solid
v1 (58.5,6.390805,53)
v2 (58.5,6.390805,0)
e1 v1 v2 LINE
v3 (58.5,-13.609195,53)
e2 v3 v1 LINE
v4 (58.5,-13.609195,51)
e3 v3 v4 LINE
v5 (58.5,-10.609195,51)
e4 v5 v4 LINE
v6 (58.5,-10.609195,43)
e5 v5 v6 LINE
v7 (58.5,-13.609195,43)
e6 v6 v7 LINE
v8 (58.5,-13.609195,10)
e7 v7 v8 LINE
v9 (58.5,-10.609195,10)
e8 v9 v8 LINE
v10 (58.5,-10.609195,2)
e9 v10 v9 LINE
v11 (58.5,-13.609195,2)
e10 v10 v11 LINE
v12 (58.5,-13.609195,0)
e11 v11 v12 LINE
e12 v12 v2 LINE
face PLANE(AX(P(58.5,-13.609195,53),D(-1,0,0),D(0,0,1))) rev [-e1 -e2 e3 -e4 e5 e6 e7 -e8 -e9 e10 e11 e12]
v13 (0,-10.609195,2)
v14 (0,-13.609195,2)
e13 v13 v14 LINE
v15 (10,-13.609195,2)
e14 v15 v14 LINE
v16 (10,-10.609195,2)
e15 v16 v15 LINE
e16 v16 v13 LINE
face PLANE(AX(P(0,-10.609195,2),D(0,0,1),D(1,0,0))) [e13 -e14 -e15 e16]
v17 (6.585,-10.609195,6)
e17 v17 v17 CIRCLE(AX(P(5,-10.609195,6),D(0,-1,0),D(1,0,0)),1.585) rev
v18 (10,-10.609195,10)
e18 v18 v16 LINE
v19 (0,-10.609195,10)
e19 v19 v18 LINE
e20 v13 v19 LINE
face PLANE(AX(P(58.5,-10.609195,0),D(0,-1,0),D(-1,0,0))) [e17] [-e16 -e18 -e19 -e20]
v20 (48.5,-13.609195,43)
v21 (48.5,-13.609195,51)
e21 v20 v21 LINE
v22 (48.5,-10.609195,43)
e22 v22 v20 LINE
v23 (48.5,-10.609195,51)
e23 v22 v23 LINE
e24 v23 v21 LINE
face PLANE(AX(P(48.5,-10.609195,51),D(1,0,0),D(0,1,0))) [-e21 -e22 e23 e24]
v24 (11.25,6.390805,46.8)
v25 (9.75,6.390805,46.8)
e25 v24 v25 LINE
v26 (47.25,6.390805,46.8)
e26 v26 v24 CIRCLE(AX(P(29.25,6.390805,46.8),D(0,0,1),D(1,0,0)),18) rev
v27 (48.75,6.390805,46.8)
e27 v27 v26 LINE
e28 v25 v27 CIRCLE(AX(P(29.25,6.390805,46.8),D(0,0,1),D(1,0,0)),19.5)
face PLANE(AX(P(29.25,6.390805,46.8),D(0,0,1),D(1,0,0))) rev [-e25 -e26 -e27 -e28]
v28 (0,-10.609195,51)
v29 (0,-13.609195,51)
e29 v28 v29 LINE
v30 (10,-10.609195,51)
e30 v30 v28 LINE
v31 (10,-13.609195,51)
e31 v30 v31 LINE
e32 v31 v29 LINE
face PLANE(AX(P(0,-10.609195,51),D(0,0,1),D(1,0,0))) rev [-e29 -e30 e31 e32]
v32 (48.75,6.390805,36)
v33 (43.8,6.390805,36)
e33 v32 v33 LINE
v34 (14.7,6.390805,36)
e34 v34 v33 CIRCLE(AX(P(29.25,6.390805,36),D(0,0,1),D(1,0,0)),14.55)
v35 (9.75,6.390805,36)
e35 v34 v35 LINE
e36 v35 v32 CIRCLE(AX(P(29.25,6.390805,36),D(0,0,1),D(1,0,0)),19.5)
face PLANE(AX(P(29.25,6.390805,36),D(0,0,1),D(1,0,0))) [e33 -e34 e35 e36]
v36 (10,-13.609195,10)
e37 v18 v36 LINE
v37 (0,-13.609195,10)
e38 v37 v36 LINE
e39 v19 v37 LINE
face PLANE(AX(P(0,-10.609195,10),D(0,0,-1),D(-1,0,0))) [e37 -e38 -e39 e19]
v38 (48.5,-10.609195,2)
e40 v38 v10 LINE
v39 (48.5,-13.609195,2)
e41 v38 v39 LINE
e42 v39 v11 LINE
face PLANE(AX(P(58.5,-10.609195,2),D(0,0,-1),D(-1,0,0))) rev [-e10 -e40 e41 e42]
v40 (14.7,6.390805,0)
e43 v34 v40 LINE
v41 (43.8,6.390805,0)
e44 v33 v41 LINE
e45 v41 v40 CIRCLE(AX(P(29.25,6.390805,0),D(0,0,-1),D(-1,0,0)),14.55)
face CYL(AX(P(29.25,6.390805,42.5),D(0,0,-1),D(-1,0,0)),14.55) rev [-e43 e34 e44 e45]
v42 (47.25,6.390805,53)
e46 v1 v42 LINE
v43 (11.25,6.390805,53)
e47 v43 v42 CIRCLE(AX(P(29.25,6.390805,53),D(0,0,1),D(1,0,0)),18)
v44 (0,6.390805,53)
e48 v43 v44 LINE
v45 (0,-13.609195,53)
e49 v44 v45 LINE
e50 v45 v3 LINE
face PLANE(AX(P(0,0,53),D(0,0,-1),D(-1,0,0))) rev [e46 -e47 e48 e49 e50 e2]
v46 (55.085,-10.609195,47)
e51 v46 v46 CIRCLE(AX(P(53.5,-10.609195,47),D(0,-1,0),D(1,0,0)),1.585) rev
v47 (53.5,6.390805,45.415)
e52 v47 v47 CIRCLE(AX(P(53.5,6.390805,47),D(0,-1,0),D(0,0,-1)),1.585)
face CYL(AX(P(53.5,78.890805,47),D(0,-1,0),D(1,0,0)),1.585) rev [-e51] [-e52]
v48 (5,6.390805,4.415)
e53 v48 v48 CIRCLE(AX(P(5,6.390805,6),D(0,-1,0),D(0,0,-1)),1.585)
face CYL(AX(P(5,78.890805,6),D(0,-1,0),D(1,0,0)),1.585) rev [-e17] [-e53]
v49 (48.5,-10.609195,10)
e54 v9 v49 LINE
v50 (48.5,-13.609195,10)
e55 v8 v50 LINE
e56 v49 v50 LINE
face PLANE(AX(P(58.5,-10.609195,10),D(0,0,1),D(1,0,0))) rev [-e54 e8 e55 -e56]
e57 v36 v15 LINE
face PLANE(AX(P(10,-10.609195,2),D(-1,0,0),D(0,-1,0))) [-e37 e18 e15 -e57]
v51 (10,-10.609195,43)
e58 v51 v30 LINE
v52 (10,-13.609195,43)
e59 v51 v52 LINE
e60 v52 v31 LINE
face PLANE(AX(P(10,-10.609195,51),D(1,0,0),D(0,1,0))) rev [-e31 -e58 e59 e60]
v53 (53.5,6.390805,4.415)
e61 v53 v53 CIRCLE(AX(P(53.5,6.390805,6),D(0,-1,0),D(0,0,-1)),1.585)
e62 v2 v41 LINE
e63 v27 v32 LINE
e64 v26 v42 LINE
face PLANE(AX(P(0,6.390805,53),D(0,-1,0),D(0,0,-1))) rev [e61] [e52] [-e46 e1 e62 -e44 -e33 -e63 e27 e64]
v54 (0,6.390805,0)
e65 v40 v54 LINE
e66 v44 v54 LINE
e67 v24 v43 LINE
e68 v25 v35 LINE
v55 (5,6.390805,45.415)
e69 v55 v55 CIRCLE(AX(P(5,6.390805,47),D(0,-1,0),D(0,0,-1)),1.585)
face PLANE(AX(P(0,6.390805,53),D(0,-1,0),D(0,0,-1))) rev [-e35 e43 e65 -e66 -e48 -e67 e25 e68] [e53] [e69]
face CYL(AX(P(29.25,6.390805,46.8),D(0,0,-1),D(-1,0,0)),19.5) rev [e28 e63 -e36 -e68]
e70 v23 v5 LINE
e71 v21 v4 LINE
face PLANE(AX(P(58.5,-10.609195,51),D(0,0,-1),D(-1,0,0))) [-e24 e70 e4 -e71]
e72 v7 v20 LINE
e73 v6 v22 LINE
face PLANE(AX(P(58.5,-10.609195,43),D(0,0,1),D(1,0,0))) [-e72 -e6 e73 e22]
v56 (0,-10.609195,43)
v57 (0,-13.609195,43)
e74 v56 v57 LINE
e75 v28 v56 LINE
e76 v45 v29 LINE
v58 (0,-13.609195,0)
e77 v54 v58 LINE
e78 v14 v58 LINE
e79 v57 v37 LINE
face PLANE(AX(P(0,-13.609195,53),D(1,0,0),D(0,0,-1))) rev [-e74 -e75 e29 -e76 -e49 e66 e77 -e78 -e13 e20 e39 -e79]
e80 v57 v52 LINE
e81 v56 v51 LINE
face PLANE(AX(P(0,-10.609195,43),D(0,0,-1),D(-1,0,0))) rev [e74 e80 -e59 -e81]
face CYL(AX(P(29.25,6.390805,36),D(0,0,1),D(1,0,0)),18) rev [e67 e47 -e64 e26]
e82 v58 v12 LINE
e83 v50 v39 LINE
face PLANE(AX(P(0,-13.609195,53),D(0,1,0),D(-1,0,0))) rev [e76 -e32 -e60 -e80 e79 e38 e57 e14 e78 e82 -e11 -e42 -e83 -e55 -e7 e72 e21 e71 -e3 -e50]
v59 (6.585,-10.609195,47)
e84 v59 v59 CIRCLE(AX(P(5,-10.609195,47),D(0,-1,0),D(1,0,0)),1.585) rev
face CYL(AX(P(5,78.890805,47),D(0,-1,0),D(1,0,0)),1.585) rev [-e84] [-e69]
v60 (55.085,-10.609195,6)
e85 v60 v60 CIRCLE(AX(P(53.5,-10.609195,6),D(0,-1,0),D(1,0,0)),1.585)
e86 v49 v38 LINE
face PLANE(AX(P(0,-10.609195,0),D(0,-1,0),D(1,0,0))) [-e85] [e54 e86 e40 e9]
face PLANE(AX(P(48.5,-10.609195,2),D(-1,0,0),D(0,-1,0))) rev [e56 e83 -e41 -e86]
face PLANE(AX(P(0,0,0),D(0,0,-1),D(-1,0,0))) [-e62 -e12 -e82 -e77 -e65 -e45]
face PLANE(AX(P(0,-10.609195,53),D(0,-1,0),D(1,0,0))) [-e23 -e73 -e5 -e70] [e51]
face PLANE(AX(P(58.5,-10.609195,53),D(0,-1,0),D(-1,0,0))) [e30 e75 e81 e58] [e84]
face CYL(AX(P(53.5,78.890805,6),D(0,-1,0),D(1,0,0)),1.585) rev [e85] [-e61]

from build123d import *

# Parameters (mm, degrees)
SKETCH1_W                                  = 58.5
SKETCH1_H                                  = 20
BOSS_EXTRUDE1_DEPTH                        = 53
CUT_EXTRUDE2_DEPTH                         = 17
CUT_EXTRUDE3_DEPTH                         = 42.5
SKETCH8_W                                  = 10
SKETCH8_H                                  = 8
CUT_EXTRUDE6_DEPTH                         = 3
SKETCH7_R                                  = 1.585
CUT_EXTRUDE5_DEPTH                         = 92.5
MIRROR1_AT_THE_SECOND_PLANE_COPY_1_SKETC_W = 10
MIRROR1_AT_THE_SECOND_PLANE_COPY_1_SKETC_H = 8
MIRROR1_AT_THE_SECOND_PLANE_COPY_1_DEPTH   = 3
CUT_EXTRUDE7_DEPTH                         = 10.8


with BuildPart() as part:
    # Sketch1 → Boss-Extrude1 (new body)
    with BuildSketch(Plane.XY):
        with Locations((29.25, -3.609195402)):
            Rectangle(SKETCH1_W, SKETCH1_H)
    extrude(amount=BOSS_EXTRUDE1_DEPTH)

    # Sketch3 → Cut-Extrude2 (cut)
    with BuildSketch(Plane.XY.offset(53)):
        with BuildLine():
            Line((11.25, 6.390804598), (47.25, 6.390804598))
            ThreePointArc((47.25, 6.390804598), (29.25, -11.609195402), (11.25, 6.390804598))
        make_face()
    extrude(amount=-CUT_EXTRUDE2_DEPTH, mode=Mode.SUBTRACT)

    # Sketch5 → Cut-Extrude3 (cut)
    with BuildSketch(Plane(origin=(0, 0, 0), x_dir=(-1, 0, 0), z_dir=(0, 0, -1))):
        with BuildLine():
            Line((-43.8, 6.390804598), (-14.7, 6.390804598))
            ThreePointArc((-14.7, 6.390804598), (-29.25, -8.159195402), (-43.8, 6.390804598))
        make_face()
    extrude(amount=-CUT_EXTRUDE3_DEPTH, mode=Mode.SUBTRACT)

    # Sketch8 → Cut-Extrude6 (cut)
    with BuildSketch(Plane(origin=(0, -13.609195402, 0), x_dir=(-1, 0, 0), z_dir=(0, -1, 0))):
        with Locations((-53.5, -6)):
            Rectangle(SKETCH8_W, SKETCH8_H)
    cut_extrude6 = extrude(amount=-CUT_EXTRUDE6_DEPTH, mode=Mode.SUBTRACT)

    # Sketch7 → Cut-Extrude5 (cut)
    with BuildSketch(Plane(origin=(0, -13.609195402, 0), x_dir=(-1, 0, 0), z_dir=(0, -1, 0))):
        with Locations(Location((-53.5, -47, 0), (0, 0, 180))):
            Circle(SKETCH7_R)
        with Locations(Location((-53.5, -6, 0), (0, 0, 180))):
            Circle(SKETCH7_R)
        with Locations(Location((-5, -6, 0), (0, 0, 180))):
            Circle(SKETCH7_R)
        with Locations(Location((-5, -47, 0), (0, 0, 180))):
            Circle(SKETCH7_R)
    extrude(amount=-CUT_EXTRUDE5_DEPTH, mode=Mode.SUBTRACT)

    # Mirror1: Cut-Extrude6 across plane
    add(cut_extrude6.mirror(Plane.XY.offset(26.5)), mode=Mode.SUBTRACT)

    # Mirror1 at the second plane: Cut-Extrude6 across plane
    add(cut_extrude6.mirror(Plane.ZY.offset(-29.25)), mode=Mode.SUBTRACT)

    # Mirror1 at the second plane copy 1 sketc → Mirror1 at the second plane copy 1 (cut)
    with BuildSketch(Plane(origin=(58.5, -13.609195402, 53), x_dir=(1, 0, 0), z_dir=(0, -1, 0))):
        with Locations((-53.5, -6)):
            Rectangle(MIRROR1_AT_THE_SECOND_PLANE_COPY_1_SKETC_W, MIRROR1_AT_THE_SECOND_PLANE_COPY_1_SKETC_H)
    extrude(amount=-MIRROR1_AT_THE_SECOND_PLANE_COPY_1_DEPTH, mode=Mode.SUBTRACT)

    # Sketch11 → Cut-Extrude7 (cut)
    with BuildSketch(Plane.XY.offset(36)):
        with BuildLine():
            Line((9.75, 6.390804598), (48.75, 6.390804598))
            ThreePointArc((48.75, 6.390804598), (29.25, -13.109195402), (9.75, 6.390804598))
        make_face()
    extrude(amount=CUT_EXTRUDE7_DEPTH, mode=Mode.SUBTRACT)


solid = part.part
